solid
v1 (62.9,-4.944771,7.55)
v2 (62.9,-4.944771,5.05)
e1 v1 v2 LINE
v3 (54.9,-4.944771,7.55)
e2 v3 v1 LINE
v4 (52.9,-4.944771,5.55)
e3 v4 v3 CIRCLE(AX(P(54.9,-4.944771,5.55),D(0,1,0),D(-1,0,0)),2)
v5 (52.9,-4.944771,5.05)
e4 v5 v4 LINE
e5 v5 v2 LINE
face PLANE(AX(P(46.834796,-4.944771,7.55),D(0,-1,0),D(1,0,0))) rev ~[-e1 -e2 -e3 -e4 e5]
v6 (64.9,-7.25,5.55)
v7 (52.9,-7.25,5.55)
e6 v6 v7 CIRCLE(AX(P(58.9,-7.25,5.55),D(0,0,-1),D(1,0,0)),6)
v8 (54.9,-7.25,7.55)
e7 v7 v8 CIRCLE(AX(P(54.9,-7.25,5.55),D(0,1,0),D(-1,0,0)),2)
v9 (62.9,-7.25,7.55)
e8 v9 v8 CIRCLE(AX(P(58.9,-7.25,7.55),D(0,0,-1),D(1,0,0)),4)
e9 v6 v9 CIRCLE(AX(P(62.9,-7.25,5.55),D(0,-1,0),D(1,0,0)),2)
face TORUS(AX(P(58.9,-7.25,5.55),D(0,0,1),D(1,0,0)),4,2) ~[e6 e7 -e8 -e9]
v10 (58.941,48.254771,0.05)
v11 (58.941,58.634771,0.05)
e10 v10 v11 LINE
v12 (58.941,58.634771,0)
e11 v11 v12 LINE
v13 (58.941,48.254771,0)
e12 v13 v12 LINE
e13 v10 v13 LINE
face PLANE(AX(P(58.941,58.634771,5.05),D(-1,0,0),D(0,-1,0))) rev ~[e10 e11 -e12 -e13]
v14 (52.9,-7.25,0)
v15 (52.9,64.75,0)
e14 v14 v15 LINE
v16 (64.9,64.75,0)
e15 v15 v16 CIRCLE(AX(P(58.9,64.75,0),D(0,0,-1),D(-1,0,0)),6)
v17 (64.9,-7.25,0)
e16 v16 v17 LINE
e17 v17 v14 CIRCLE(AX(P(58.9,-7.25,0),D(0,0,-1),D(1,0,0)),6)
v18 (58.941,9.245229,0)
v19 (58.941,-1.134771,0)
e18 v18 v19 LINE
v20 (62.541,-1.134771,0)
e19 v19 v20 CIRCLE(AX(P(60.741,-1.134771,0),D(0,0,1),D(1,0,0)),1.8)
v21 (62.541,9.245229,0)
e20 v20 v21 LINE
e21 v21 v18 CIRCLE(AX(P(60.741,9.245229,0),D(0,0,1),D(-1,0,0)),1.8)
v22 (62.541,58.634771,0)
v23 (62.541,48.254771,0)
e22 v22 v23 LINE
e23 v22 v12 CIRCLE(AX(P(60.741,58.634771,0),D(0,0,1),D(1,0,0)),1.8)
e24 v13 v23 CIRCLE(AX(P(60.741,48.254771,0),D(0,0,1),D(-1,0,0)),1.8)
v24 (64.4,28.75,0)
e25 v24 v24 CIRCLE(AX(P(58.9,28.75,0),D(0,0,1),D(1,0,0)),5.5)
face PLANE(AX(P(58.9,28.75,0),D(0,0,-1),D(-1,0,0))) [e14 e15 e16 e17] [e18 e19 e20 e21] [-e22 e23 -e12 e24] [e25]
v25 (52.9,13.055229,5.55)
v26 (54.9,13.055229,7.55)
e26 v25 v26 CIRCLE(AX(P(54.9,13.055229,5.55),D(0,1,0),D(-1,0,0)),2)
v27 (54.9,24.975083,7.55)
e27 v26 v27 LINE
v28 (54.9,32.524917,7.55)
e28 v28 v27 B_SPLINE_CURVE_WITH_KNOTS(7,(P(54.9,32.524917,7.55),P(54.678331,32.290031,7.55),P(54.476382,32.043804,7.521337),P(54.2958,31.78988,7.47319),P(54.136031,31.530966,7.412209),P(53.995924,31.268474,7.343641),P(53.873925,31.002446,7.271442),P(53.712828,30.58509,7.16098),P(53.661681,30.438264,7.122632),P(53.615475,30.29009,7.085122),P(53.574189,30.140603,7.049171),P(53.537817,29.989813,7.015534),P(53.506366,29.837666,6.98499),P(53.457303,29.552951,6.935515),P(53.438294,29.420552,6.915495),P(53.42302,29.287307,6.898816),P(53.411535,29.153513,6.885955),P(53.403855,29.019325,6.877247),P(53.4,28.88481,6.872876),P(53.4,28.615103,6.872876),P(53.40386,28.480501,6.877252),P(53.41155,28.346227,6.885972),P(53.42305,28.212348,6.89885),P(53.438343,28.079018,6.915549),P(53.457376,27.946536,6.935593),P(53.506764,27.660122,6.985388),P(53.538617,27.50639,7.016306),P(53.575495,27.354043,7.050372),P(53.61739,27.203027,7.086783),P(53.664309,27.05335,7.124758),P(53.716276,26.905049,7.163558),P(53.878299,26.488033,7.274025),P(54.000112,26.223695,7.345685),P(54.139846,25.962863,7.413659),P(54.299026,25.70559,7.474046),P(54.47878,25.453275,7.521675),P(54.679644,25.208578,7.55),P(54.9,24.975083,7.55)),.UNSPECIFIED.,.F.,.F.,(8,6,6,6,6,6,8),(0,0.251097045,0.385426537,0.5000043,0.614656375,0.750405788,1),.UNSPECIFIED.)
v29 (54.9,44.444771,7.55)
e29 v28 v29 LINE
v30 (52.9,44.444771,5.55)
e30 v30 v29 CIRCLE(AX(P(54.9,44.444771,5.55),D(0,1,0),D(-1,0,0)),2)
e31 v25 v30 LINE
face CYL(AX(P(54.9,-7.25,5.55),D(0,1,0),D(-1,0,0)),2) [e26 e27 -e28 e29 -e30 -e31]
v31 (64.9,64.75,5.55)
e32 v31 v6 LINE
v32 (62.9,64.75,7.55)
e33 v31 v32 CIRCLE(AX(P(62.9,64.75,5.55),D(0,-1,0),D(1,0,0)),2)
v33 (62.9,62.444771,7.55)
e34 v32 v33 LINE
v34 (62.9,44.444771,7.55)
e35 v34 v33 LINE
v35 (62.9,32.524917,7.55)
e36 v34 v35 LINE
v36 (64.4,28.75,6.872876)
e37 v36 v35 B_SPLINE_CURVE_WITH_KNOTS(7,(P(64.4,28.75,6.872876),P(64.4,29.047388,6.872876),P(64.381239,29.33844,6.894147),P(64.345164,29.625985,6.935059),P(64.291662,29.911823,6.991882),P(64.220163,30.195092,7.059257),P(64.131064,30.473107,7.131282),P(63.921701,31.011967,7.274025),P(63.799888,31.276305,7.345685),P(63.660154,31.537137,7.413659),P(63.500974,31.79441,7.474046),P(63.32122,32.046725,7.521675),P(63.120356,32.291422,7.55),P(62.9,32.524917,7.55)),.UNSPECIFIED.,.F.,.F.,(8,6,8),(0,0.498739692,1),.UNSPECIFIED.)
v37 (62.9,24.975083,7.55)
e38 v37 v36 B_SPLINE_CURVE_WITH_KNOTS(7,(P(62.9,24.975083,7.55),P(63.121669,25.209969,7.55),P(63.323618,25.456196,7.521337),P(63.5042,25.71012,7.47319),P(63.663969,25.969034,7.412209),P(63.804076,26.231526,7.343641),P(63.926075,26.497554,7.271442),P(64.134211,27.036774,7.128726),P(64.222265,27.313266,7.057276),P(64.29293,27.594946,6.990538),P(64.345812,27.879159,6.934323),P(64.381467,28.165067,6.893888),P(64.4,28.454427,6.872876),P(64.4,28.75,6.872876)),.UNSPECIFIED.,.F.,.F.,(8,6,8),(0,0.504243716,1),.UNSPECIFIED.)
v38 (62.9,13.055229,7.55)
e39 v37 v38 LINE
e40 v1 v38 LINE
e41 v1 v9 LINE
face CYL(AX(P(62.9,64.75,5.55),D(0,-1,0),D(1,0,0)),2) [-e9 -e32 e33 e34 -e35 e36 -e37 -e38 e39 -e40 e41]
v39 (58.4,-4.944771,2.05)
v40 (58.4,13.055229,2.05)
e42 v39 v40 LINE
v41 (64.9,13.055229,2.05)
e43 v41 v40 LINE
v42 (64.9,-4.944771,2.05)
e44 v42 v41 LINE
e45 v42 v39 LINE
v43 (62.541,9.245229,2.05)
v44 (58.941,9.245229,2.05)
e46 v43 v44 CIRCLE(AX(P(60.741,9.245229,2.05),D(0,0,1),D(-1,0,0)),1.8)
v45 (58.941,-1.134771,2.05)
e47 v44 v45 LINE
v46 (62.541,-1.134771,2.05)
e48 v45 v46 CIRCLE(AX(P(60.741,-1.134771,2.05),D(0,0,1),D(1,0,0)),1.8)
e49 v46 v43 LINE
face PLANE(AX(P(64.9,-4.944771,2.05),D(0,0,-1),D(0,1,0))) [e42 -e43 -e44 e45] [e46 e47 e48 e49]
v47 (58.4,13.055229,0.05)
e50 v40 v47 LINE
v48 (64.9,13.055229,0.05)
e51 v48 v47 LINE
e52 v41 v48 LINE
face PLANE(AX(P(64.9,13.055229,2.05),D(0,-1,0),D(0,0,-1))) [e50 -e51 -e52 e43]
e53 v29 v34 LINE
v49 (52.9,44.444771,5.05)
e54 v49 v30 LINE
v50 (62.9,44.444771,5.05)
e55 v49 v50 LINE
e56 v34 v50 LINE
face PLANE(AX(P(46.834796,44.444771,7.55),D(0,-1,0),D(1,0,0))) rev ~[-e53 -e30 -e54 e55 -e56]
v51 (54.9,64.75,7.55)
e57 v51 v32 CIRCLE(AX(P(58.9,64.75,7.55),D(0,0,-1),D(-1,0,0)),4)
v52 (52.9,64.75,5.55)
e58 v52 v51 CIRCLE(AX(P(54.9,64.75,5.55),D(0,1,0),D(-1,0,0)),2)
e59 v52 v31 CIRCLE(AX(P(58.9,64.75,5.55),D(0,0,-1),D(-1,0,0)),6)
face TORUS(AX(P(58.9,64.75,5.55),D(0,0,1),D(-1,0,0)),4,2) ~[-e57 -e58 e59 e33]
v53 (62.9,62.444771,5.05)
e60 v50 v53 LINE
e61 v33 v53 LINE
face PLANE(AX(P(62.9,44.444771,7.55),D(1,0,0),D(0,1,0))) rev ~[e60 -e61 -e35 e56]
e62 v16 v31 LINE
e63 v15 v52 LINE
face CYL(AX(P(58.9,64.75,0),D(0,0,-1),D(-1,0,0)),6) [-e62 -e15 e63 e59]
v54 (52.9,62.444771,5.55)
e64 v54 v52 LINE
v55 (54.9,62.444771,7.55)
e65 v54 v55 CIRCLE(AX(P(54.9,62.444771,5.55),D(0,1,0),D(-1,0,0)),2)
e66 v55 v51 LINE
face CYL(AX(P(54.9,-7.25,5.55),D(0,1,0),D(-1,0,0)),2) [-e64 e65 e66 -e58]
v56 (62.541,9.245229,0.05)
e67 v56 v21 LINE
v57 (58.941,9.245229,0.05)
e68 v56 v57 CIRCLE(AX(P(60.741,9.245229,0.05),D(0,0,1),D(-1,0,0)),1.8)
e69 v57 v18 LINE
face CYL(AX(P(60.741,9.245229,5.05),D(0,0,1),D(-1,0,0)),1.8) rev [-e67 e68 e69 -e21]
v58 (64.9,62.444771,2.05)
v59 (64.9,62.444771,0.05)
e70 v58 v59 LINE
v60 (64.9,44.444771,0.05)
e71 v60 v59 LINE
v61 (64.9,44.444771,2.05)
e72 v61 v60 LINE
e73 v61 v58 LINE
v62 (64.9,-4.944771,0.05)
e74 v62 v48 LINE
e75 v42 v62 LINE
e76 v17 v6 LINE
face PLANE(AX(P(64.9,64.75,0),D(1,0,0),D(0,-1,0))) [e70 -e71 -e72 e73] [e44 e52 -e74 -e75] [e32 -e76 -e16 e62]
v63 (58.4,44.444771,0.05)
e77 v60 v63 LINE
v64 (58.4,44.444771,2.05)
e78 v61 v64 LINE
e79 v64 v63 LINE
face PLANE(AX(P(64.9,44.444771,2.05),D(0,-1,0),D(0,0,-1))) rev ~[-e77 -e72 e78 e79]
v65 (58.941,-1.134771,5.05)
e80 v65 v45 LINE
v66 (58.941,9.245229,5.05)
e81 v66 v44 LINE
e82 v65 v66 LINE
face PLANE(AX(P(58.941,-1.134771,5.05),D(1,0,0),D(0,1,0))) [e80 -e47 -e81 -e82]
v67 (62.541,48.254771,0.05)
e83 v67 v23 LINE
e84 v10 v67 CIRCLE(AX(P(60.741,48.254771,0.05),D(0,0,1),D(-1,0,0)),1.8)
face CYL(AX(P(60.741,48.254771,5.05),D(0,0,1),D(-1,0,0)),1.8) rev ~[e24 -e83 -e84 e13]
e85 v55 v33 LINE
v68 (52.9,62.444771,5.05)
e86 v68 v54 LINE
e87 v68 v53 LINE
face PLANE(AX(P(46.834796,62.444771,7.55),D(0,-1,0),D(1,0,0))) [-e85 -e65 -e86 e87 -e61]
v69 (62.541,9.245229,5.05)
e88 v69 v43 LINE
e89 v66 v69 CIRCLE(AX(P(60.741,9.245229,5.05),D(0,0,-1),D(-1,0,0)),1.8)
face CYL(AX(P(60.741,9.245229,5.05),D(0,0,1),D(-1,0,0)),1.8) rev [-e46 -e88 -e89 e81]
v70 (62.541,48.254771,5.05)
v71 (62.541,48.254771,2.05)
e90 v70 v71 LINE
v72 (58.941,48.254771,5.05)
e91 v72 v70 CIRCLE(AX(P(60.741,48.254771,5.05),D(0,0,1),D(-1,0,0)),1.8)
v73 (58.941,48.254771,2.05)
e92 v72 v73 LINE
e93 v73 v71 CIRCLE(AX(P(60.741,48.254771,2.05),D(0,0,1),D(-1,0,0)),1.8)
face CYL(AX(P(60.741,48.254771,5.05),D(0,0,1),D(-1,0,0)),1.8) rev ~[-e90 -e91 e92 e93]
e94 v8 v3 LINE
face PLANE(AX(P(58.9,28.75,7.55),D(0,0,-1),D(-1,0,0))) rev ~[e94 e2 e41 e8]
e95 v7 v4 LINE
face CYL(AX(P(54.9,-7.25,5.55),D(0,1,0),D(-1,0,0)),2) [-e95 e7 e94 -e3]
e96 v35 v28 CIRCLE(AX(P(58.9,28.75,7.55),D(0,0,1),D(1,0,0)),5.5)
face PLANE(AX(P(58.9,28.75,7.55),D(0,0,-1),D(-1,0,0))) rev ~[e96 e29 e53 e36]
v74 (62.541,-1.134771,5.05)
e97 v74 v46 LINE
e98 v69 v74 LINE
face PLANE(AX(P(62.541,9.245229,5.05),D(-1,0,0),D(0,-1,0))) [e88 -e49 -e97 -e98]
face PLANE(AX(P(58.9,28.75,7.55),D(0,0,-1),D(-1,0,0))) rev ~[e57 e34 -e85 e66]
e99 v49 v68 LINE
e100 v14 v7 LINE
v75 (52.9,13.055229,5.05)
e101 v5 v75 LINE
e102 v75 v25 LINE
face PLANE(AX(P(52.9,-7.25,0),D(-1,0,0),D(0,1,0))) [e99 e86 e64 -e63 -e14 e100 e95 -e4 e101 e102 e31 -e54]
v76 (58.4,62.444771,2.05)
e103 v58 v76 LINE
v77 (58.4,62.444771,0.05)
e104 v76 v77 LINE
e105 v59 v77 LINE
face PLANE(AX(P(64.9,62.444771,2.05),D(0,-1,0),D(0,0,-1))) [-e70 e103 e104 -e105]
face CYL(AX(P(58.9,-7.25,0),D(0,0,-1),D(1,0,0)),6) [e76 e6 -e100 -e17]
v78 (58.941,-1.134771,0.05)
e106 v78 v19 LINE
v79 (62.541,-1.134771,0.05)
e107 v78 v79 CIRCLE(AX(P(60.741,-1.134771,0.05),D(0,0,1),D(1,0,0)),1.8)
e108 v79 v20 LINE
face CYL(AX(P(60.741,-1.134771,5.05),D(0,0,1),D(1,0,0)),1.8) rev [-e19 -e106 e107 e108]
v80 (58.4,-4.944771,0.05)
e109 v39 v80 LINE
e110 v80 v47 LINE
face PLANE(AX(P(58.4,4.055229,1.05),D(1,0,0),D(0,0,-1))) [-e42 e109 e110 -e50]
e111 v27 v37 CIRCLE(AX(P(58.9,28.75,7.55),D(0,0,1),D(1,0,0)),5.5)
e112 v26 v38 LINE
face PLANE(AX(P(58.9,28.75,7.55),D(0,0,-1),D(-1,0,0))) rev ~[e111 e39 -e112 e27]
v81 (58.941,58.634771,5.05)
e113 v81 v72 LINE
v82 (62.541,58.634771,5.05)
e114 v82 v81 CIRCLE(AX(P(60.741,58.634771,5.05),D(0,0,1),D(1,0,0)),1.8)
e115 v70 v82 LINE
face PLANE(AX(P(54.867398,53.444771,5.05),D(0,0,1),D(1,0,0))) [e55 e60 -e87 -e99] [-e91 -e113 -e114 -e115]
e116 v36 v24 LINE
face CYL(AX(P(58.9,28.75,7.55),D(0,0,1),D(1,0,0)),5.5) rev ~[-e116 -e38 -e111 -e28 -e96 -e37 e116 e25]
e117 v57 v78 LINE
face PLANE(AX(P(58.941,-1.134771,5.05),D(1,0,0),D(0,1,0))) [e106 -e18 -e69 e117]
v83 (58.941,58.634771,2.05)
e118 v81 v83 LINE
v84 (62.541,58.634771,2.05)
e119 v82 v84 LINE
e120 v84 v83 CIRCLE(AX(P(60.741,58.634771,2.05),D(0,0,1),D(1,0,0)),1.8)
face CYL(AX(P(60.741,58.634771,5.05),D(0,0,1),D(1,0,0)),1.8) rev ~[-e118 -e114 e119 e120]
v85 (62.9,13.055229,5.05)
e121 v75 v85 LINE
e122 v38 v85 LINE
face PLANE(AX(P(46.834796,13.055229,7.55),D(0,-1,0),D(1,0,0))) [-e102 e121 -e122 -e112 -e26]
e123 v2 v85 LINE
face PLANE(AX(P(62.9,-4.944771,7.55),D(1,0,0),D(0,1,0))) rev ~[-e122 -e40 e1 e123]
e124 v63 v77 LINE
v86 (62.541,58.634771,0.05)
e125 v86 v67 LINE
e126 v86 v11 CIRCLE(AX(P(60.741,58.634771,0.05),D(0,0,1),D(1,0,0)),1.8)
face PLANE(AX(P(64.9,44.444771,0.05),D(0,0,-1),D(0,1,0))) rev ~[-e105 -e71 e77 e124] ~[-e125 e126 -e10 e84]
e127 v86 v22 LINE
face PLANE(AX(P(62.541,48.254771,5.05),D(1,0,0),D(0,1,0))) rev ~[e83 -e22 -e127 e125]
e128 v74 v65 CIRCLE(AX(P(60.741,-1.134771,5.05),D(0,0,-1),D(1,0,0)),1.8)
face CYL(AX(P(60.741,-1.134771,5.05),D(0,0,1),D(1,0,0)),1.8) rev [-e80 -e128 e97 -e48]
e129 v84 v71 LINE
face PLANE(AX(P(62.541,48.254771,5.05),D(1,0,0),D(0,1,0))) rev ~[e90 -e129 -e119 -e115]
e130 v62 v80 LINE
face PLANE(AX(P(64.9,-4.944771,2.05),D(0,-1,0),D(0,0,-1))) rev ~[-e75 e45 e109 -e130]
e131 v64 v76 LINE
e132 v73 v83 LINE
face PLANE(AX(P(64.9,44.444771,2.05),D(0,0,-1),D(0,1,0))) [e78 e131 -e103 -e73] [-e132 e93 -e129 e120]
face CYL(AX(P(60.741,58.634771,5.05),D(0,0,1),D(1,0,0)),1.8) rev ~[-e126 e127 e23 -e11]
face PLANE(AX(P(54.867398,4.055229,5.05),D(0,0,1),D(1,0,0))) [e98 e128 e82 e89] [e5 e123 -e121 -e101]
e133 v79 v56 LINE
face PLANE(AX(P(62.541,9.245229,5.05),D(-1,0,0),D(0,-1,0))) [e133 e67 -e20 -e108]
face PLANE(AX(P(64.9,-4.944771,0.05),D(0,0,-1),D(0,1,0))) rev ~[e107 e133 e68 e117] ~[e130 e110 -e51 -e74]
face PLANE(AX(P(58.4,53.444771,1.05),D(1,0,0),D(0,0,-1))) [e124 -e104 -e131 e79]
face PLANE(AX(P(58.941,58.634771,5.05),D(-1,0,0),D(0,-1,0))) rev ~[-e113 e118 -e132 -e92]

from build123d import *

# Parameters (mm, degrees)
SALIENTE_EXTRUIR1_DEPTH = 7.55
REDONDEO1_R             = 2
CROQUIS2_W              = 16.065204313
CROQUIS2_H              = 18
CORTAR_EXTRUIR1_DEPTH   = 2.5
CROQUIS3_R              = 5.5
CORTAR_EXTRUIR2_DEPTH   = 97.304594979
CROQUIS4_W              = 2
CROQUIS4_H              = 18
CORTAR_EXTRUIR3_DEPTH   = 6.5
CORTAR_EXTRUIR4_DEPTH   = 97.140912353


with BuildPart() as part:
    # Croquis1 → Saliente-Extruir1 (new body)
    with BuildSketch(Plane.XY):
        with BuildLine():
            Line((52.9, -7.25), (52.9, 64.75))
            ThreePointArc((52.9, 64.75), (58.9, 70.75), (64.9, 64.75))
            Line((64.9, 64.75), (64.9, -7.25))
            ThreePointArc((64.9, -7.25), (58.9, -13.25), (52.9, -7.25))
        make_face()
    extrude(amount=SALIENTE_EXTRUIR1_DEPTH)

    # Redondeo1
    redondeo1_edges = [part.edges().sort_by_distance(p)[0] for p in [
        (58.9, 70.75, 7.55),
        (64.9, 28.75, 7.55),
        (58.9, -13.25, 7.55),
        (52.9, 28.75, 7.55),
    ]]
    fillet(redondeo1_edges, radius=REDONDEO1_R)

    # Croquis2 → Cortar-Extruir1 (cut)
    with BuildSketch(Plane.XY.offset(7.55)):
        with Locations((54.867397844, 4.055228902)):
            Rectangle(CROQUIS2_W, CROQUIS2_H)
        with Locations((54.867397844, 53.444771098)):
            Rectangle(CROQUIS2_W, CROQUIS2_H)
    extrude(amount=-CORTAR_EXTRUIR1_DEPTH, mode=Mode.SUBTRACT)

    # Croquis3 → Cortar-Extruir2 (cut, through all)
    with BuildSketch(Plane.XY.offset(7.55)):
        with Locations((58.9, 28.75)):
            Circle(CROQUIS3_R)
    extrude(amount=-CORTAR_EXTRUIR2_DEPTH, mode=Mode.SUBTRACT)

    # Croquis4 → Cortar-Extruir3 (cut)
    with BuildSketch(Plane(origin=(64.9, 0, 0), x_dir=(0, 0, -1), z_dir=(1, 0, 0))):
        with Locations((-1.05, 4.055228902)):
            Rectangle(CROQUIS4_W, CROQUIS4_H)
        with Locations((-1.05, 53.444771098)):
            Rectangle(CROQUIS4_W, CROQUIS4_H)
    extrude(amount=-CORTAR_EXTRUIR3_DEPTH, mode=Mode.SUBTRACT)

    # Croquis5 → Cortar-Extruir4 (cut, through all)
    with BuildSketch(Plane.XY.offset(5.05)):
        with BuildLine():
            Line((62.541, 9.245228902), (62.541, -1.134771098))
            ThreePointArc((62.541, -1.134771098), (60.741, -2.934771098), (58.941, -1.134771098))
            Line((58.941, -1.134771098), (58.941, 9.245228902))
            ThreePointArc((58.941, 9.245228902), (60.741, 11.045228902), (62.541, 9.245228902))
        make_face()
        with BuildLine():
            Line((62.541, 48.254771098), (62.541, 58.634771098))
            ThreePointArc((62.541, 58.634771098), (60.741, 60.434771098), (58.941, 58.634771098))
            Line((58.941, 58.634771098), (58.941, 48.254771098))
            ThreePointArc((58.941, 48.254771098), (60.741, 46.454771098), (62.541, 48.254771098))
        make_face()
    extrude(amount=-CORTAR_EXTRUIR4_DEPTH, mode=Mode.SUBTRACT)


solid = part.part
